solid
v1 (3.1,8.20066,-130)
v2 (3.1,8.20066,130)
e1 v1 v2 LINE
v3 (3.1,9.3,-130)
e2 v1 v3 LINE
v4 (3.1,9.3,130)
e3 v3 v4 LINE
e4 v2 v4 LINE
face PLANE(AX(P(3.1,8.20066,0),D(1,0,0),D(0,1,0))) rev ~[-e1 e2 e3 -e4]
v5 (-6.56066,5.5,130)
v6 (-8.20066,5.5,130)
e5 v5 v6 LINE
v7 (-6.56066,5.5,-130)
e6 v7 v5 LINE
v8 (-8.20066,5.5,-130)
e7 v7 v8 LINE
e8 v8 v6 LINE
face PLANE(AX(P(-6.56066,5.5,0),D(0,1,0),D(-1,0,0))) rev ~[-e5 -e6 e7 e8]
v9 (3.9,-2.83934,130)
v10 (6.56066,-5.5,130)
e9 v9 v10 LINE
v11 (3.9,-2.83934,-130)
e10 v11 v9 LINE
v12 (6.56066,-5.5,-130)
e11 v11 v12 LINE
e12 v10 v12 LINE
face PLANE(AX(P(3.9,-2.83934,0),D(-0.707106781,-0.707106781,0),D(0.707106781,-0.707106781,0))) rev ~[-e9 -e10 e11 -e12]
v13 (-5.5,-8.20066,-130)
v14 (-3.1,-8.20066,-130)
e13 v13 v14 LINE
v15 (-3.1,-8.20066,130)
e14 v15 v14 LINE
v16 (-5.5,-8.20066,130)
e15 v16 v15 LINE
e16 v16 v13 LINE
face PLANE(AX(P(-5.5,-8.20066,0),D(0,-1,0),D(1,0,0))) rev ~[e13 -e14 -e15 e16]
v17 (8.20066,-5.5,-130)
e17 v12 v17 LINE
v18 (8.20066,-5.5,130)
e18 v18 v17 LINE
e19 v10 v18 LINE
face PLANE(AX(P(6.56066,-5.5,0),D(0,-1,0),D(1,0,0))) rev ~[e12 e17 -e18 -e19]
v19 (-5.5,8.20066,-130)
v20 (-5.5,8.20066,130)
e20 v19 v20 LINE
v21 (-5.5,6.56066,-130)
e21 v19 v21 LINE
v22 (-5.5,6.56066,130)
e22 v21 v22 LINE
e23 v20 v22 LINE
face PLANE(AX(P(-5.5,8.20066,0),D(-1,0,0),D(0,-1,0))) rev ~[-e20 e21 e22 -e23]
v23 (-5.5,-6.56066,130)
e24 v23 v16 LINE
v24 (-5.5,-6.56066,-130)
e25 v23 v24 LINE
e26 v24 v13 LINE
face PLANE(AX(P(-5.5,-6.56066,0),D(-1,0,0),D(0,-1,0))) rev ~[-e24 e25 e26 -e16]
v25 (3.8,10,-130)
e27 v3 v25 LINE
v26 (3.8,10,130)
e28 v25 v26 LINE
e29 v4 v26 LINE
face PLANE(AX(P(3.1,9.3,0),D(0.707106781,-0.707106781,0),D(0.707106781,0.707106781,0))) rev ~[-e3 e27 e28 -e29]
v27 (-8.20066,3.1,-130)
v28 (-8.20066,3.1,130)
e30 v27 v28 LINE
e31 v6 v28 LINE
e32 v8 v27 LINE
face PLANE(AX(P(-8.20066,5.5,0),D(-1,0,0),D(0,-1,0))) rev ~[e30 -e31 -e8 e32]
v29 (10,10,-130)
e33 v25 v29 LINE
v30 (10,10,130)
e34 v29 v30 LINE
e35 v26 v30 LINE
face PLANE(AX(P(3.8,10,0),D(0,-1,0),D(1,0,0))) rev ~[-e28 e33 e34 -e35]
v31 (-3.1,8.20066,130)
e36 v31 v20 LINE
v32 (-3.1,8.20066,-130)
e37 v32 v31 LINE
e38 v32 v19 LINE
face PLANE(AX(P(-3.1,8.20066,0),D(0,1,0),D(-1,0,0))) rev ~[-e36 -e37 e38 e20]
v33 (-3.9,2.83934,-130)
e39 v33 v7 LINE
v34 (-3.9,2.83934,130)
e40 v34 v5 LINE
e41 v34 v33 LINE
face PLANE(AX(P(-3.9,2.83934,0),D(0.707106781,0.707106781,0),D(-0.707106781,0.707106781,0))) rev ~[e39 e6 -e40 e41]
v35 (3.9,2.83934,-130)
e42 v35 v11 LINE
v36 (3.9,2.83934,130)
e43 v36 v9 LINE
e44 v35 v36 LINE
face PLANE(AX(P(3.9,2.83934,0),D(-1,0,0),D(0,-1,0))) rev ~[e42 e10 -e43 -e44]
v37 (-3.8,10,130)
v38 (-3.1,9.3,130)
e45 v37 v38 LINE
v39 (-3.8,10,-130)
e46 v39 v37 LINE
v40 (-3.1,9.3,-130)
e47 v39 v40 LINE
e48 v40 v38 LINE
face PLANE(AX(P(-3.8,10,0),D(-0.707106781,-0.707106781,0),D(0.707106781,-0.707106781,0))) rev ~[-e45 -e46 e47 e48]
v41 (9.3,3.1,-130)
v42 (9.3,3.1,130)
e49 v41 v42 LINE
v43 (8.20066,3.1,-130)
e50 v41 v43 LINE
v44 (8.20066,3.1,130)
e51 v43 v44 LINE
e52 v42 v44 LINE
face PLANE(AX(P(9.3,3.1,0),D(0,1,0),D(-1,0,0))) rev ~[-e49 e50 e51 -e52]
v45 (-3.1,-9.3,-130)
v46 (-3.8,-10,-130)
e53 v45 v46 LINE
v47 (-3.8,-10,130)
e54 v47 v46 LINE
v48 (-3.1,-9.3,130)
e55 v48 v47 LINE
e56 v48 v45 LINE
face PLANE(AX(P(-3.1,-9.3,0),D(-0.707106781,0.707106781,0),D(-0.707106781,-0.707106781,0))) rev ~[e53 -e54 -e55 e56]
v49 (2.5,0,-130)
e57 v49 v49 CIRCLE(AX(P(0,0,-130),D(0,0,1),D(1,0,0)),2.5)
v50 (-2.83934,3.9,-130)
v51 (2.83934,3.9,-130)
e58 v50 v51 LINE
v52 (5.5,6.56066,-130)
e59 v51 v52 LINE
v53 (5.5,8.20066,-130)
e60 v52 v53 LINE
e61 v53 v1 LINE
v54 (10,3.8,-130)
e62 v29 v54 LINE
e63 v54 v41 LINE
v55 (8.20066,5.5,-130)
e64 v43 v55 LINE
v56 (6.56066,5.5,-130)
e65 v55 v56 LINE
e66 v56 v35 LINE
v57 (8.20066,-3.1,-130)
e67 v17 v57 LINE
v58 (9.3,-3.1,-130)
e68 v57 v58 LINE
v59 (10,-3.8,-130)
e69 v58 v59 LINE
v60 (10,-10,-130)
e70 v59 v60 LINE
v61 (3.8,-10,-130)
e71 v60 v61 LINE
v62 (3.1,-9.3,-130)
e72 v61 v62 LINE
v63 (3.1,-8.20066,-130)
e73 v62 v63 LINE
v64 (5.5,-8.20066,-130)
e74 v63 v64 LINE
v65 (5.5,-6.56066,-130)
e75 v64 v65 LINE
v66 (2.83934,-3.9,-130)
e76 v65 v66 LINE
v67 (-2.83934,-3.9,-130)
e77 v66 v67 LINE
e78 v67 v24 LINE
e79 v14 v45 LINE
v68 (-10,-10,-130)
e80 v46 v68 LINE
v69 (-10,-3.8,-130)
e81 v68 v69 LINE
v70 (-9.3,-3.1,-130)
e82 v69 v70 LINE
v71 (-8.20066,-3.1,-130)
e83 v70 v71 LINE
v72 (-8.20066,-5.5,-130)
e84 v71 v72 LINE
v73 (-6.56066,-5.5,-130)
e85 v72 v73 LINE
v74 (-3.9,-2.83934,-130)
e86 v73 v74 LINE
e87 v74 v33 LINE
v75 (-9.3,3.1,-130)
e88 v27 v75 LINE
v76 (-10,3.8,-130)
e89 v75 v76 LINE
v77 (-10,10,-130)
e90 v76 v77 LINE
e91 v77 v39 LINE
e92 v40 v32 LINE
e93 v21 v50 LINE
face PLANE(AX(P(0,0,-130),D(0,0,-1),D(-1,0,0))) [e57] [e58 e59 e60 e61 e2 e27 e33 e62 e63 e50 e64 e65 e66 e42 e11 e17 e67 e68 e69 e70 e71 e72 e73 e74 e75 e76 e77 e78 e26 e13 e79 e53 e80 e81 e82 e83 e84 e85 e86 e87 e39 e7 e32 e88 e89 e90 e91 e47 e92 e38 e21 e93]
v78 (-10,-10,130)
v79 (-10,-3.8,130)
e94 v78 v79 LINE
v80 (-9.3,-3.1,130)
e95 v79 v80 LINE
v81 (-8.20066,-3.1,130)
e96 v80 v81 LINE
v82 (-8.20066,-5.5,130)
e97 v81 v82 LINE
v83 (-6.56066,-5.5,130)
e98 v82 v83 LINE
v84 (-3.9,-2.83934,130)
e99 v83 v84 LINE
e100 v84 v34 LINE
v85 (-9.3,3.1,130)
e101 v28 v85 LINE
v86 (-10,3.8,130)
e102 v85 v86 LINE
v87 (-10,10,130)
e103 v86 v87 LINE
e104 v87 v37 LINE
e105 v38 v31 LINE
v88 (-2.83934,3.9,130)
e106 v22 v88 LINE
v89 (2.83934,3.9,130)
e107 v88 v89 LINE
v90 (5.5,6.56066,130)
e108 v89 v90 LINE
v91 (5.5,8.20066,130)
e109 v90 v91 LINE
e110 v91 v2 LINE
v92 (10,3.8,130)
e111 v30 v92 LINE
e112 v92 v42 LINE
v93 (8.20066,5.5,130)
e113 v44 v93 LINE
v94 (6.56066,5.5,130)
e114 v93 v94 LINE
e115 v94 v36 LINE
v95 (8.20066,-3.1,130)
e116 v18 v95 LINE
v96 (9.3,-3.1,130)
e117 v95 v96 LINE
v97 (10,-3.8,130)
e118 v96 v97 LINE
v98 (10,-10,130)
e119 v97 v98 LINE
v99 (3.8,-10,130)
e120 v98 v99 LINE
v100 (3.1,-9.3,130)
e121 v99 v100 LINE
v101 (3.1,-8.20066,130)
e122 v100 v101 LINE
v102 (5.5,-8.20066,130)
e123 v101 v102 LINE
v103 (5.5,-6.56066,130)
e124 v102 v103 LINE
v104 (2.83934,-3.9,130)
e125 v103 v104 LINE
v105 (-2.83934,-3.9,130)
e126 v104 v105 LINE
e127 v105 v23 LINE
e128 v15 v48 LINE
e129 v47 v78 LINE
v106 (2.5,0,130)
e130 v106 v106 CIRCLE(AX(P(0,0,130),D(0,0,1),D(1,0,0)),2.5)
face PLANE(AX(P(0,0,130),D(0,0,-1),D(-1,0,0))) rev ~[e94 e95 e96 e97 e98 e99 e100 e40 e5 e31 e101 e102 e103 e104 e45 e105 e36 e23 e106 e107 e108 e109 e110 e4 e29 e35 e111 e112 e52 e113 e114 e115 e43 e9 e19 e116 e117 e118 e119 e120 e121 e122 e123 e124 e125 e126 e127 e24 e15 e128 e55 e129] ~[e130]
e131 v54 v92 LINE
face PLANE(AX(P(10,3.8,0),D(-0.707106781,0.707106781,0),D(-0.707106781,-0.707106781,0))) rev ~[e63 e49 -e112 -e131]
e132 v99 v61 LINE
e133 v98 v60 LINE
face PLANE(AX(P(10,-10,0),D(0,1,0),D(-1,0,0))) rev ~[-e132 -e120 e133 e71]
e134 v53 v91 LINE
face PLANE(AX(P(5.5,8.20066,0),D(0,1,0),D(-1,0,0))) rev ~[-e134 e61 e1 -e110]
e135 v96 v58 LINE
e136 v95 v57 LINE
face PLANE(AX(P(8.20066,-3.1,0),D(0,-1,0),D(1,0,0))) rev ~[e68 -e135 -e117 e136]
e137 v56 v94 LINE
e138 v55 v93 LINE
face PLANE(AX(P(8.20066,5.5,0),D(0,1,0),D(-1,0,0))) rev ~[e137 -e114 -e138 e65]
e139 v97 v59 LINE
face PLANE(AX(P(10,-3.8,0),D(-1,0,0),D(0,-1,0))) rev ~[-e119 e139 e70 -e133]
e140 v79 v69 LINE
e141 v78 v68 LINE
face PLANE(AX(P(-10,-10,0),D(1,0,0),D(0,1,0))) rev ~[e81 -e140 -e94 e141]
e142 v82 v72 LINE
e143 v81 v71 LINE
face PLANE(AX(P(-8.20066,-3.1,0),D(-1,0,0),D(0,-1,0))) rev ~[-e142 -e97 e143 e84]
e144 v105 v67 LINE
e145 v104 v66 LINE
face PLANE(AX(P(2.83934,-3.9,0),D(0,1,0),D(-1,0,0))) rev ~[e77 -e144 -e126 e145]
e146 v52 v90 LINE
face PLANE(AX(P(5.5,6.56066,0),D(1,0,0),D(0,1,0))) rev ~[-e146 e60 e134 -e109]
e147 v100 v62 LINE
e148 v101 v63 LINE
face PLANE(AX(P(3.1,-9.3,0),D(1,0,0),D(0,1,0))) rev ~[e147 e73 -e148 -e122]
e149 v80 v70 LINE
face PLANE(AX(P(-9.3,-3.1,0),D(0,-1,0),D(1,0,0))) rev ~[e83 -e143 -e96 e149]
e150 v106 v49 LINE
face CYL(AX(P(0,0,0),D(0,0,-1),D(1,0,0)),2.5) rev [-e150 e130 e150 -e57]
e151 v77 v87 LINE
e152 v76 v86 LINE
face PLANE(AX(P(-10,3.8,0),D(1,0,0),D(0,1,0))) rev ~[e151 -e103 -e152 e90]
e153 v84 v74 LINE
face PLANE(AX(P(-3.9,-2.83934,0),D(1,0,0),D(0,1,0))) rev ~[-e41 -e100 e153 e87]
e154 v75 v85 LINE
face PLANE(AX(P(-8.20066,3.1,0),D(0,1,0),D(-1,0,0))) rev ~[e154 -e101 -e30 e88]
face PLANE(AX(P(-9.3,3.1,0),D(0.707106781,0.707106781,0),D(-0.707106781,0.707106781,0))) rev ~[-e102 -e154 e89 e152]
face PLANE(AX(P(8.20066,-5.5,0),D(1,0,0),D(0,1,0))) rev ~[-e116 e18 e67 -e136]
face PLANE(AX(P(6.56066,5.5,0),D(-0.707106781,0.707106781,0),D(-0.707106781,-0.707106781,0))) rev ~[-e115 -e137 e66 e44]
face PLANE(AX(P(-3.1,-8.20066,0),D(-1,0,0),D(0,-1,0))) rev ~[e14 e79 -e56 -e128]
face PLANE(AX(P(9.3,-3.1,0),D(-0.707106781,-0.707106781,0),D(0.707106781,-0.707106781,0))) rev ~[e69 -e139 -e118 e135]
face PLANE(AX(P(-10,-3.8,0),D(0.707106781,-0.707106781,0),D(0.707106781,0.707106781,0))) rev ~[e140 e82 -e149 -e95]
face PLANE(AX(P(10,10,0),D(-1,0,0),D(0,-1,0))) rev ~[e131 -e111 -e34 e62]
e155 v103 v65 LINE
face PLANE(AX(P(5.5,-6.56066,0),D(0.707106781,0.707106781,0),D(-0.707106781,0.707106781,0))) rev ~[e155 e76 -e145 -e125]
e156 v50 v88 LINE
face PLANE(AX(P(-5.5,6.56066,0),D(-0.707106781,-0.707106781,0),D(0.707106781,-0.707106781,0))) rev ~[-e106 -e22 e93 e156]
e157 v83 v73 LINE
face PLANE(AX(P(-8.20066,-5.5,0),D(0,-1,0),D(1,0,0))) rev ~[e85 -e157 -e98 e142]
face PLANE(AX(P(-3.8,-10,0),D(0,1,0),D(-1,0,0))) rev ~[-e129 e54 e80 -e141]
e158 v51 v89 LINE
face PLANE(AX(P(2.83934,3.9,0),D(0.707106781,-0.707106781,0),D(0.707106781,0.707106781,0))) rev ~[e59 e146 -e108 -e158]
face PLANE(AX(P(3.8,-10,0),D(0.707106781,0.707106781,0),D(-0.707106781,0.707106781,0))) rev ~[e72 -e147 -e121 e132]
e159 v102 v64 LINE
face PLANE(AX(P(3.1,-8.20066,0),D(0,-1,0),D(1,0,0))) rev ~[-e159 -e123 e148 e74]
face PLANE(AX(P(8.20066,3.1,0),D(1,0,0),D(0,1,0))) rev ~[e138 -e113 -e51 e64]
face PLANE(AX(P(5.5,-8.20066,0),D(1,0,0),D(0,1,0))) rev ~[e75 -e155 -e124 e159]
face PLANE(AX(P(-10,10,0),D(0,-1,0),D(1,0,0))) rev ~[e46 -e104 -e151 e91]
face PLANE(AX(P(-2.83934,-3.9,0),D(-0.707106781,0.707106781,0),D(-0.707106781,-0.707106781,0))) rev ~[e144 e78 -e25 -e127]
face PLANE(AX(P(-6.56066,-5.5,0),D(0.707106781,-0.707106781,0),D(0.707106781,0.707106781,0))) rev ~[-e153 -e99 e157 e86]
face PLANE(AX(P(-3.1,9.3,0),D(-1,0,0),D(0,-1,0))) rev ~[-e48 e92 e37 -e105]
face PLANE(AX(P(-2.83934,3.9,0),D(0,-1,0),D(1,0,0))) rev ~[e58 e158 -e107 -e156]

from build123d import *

# Parameters (mm, degrees)
SKETCH1_R           = 2.5
BOSS_EXTRUDE1_DEPTH = 130


with BuildPart() as part:
    # Sketch1 → Boss-Extrude1 (new, symmetric)
    with BuildSketch(Plane.XY):
        Polygon((3.9, -2.839339828), (6.560660172, -5.5), (8.200660172, -5.5), (8.200660172, -3.1), (9.3, -3.1), (10, -3.8), (10, -10), (3.8, -10), (3.1, -9.3), (3.1, -8.200660172), (5.5, -8.200660172), (5.5, -6.560660172), (2.839339828, -3.9), (-2.839339828, -3.9), (-5.5, -6.560660172), (-5.5, -8.200660172), (-3.1, -8.200660172), (-3.1, -9.3), (-3.8, -10), (-10, -10), (-10, -3.8), (-9.3, -3.1), (-8.200660172, -3.1), (-8.200660172, -5.5), (-6.560660172, -5.5), (-3.9, -2.839339828), (-3.9, 2.839339828), (-6.560660172, 5.5), (-8.200660172, 5.5), (-8.200660172, 3.1), (-9.3, 3.1), (-10, 3.8), (-10, 10), (-3.8, 10), (-3.1, 9.3), (-3.1, 8.200660172), (-5.5, 8.200660172), (-5.5, 6.560660172), (-2.839339828, 3.9), (2.839339828, 3.9), (5.5, 6.560660172), (5.5, 8.200660172), (3.1, 8.200660172), (3.1, 9.3), (3.8, 10), (10, 10), (10, 3.8), (9.3, 3.1), (8.200660172, 3.1), (8.200660172, 5.5), (6.560660172, 5.5), (3.9, 2.839339828), align=None)
        Circle(SKETCH1_R, mode=Mode.SUBTRACT)
    extrude(amount=BOSS_EXTRUDE1_DEPTH, both=True)


solid = part.part
